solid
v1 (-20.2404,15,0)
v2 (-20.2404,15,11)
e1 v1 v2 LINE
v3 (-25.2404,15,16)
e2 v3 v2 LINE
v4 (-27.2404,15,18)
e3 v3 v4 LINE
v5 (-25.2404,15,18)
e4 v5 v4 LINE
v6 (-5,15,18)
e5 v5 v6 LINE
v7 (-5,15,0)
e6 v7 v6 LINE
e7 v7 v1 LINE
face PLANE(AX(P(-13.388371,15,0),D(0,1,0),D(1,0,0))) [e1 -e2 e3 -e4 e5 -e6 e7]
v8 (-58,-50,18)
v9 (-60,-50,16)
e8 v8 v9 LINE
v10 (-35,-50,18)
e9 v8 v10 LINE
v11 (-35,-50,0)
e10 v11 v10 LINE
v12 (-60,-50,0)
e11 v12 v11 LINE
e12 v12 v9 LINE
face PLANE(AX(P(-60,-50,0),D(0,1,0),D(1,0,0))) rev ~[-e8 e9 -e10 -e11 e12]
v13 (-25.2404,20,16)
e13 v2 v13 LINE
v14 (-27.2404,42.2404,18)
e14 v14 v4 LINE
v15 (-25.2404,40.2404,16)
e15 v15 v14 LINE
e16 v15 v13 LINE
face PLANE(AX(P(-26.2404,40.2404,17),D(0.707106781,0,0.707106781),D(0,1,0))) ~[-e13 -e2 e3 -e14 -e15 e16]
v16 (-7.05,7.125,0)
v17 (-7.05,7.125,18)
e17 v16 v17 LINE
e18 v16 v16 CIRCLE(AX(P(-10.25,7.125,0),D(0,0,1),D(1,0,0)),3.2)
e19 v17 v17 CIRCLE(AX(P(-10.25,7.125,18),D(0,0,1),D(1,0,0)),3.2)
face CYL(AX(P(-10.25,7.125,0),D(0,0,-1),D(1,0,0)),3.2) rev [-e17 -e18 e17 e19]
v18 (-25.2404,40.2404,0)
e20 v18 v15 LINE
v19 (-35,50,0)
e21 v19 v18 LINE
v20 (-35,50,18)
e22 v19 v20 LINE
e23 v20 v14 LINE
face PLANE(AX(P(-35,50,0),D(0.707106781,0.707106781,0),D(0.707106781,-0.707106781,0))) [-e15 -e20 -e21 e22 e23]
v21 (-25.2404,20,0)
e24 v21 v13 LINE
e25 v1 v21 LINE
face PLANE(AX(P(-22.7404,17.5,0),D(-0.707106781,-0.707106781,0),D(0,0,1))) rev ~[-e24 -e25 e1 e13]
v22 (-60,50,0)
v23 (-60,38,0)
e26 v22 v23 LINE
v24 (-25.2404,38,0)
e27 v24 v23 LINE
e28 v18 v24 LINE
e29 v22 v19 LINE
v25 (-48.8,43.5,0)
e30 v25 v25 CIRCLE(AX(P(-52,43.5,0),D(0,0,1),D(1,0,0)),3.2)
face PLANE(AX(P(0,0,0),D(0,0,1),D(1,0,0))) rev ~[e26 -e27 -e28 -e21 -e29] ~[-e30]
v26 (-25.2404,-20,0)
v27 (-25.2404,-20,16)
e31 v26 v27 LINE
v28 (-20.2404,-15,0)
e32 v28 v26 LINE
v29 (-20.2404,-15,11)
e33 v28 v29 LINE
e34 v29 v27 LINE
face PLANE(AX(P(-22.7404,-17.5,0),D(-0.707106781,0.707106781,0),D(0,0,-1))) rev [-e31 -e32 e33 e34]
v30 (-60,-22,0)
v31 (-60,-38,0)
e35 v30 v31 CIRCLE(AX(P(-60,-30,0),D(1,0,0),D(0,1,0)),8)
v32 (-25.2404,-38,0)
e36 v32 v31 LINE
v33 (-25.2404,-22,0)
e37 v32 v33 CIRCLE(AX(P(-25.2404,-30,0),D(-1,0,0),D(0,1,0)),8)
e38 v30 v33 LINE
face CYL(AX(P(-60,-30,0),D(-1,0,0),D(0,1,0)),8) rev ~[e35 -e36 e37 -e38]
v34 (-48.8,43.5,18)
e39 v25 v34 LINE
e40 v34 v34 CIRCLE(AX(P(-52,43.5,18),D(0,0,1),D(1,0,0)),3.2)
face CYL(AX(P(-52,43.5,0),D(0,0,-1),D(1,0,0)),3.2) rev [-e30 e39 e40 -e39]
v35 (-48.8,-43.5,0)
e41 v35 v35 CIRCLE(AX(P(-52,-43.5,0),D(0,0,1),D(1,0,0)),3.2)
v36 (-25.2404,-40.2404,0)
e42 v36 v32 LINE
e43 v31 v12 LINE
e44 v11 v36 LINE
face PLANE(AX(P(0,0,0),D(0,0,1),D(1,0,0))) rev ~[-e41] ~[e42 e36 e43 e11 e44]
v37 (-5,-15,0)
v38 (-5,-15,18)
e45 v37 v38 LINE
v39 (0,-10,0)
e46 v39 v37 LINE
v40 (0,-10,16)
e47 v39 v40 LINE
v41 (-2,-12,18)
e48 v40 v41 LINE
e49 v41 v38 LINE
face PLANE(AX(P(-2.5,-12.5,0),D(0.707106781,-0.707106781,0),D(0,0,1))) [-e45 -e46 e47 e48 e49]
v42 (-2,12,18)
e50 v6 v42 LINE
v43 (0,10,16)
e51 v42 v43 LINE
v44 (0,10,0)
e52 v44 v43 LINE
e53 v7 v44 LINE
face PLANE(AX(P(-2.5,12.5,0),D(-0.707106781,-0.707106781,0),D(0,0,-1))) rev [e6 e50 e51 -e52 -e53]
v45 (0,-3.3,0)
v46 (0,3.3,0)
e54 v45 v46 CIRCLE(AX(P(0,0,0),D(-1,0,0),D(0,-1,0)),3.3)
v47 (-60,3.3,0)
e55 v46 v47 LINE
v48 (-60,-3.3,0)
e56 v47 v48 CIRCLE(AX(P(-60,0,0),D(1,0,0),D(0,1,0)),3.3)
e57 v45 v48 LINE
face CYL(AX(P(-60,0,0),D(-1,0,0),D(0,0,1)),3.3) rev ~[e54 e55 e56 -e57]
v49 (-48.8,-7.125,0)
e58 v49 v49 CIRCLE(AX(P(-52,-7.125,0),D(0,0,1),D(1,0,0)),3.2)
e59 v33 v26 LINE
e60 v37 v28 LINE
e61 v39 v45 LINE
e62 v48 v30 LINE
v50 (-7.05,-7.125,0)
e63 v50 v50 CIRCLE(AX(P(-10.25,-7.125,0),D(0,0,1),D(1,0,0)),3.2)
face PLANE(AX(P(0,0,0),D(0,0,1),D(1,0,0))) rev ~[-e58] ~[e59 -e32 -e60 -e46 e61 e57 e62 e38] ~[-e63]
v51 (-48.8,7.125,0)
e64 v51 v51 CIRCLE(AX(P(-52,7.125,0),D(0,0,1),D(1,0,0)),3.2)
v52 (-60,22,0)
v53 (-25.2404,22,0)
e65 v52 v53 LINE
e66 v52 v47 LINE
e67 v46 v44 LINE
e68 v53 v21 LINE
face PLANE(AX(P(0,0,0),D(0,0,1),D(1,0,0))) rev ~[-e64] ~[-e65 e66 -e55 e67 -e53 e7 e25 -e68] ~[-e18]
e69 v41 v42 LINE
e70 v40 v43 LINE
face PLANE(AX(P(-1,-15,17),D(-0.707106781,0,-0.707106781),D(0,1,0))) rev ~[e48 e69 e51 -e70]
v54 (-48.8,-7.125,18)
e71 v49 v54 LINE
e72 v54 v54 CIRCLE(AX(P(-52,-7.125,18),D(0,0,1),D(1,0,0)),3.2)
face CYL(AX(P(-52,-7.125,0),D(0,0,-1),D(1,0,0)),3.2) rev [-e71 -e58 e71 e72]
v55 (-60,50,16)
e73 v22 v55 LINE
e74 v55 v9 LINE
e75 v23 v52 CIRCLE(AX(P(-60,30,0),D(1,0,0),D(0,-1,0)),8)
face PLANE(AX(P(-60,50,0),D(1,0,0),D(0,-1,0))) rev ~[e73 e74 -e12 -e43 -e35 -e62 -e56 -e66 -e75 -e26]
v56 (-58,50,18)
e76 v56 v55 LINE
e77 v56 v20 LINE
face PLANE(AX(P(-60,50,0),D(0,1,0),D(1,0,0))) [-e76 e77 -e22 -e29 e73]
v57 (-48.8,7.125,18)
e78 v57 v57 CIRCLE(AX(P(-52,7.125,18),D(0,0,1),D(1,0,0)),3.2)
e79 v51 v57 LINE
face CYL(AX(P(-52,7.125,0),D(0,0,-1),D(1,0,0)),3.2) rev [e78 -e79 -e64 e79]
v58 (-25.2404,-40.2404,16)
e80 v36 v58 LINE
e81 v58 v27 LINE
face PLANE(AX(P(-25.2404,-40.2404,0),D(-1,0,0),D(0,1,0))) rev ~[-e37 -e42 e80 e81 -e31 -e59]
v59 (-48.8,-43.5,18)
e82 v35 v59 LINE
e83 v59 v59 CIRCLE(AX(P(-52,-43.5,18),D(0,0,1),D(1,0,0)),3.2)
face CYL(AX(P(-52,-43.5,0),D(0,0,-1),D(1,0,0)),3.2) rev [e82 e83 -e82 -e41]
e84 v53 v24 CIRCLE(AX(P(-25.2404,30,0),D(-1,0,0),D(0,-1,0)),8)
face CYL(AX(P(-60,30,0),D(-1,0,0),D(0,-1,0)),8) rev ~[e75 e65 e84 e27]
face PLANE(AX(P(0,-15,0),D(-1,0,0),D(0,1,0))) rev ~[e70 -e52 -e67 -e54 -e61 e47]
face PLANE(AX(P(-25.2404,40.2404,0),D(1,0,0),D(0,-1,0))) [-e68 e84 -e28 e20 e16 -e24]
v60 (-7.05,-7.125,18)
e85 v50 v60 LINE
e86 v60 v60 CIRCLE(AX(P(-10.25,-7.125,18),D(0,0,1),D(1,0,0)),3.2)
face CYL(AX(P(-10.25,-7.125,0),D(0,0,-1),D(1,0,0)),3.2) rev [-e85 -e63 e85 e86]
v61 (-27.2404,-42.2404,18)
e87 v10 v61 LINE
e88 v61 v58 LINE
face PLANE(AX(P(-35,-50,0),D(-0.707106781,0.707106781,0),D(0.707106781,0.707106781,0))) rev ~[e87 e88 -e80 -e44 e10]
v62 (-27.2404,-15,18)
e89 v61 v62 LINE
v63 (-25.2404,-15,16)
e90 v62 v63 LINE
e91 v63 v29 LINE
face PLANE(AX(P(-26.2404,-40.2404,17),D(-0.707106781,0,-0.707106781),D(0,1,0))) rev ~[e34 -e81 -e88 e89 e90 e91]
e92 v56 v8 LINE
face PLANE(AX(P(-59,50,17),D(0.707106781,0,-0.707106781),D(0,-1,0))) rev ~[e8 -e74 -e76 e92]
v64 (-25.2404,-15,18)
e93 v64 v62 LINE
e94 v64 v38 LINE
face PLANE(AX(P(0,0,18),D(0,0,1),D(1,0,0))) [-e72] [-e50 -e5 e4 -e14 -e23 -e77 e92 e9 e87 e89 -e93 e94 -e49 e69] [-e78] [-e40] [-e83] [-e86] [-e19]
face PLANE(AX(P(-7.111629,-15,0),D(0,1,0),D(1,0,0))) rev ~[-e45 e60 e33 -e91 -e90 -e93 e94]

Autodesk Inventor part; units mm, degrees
ref_plane "YZ Plane" through (0, 0, 0) normal (1, 0, 0) x (0, 1, 0)
ref_plane "XZ Plane" through (0, 0, 0) normal (0, 1, 0) x (-1, 0, 0)
ref_plane "XY Plane" through (0, 0, 0) normal (0, 0, 1) x (1, 0, 0)
sketch "Sketch1" plane through (0, 0, 0) normal (0, 0, 1) x (1, 0, 0)
  line L0 (-58, -50) -> (-58, 50) construction
  line L1 (-58, -50) -> (58, -50) construction
  line L2 (58, 50) -> (58, -50) construction
  line L3 (58, 50) -> (-58, 50) construction
  line L4 (-48.8, -35) -> (-48.8, -43.5) construction
  arc A0 (-55.2, -43.5) -> (-48.8, -43.5) centre (-52, -43.5) ccw construction
  line L5 (-55.2, -43.5) -> (-55.2, -35) construction
  arc A1 (-48.8, -35) -> (-55.2, -35) centre (-52, -35) ccw construction
  line L6 (55.2, -35) -> (55.2, -43.5) construction
  arc A2 (48.8, -43.5) -> (55.2, -43.5) centre (52, -43.5) ccw construction
  line L7 (48.8, -43.5) -> (48.8, -35) construction
  arc A3 (55.2, -35) -> (48.8, -35) centre (52, -35) ccw construction
  circle A4 centre (10.25, -35) radius 3.2 construction
  circle A5 centre (-10.25, -35) radius 3.2 construction
  circle A6 centre (-10.25, 35) radius 3.2 construction
  circle A7 centre (10.25, 35) radius 3.2 construction
  line L8 (-55.2, 35) -> (-55.2, 43.5) construction
  arc A8 (-48.8, 43.5) -> (-55.2, 43.5) centre (-52, 43.5) ccw construction
  line L9 (-48.8, 43.5) -> (-48.8, 35) construction
  arc A9 (-55.2, 35) -> (-48.8, 35) centre (-52, 35) ccw construction
  circle A10 centre (-52, 7.125) radius 3.2 construction
  line L10 (-7.05, -7.125) -> (-7.05, -15.625) construction
  arc A11 (-13.45, -15.625) -> (-7.05, -15.625) centre (-10.25, -15.625) ccw construction
  line L11 (-13.45, -15.625) -> (-13.45, -7.125) construction
  arc A12 (-7.05, -7.125) -> (-13.45, -7.125) centre (-10.25, -7.125) ccw construction
  circle A13 centre (52, -7.125) radius 3.2 construction
  circle A14 centre (-52, -7.125) radius 3.2 construction
  line L12 (13.45, -7.125) -> (13.45, -15.625) construction
  arc A15 (7.05, -15.625) -> (13.45, -15.625) centre (10.25, -15.625) ccw construction
  line L13 (7.05, -15.625) -> (7.05, -7.125) construction
  arc A16 (13.45, -7.125) -> (7.05, -7.125) centre (10.25, -7.125) ccw construction
  circle A17 centre (52, 7.125) radius 3.2 construction
  line L14 (13.45, 15.625) -> (13.45, 7.125) construction
  arc A18 (7.05, 7.125) -> (13.45, 7.125) centre (10.25, 7.125) ccw construction
  line L15 (7.05, 7.125) -> (7.05, 15.625) construction
  arc A19 (13.45, 15.625) -> (7.05, 15.625) centre (10.25, 15.625) ccw construction
  line L16 (55.2, 43.5) -> (55.2, 35) construction
  arc A20 (48.8, 35) -> (55.2, 35) centre (52, 35) ccw construction
  line L17 (48.8, 35) -> (48.8, 43.5) construction
  arc A21 (55.2, 43.5) -> (48.8, 43.5) centre (52, 43.5) ccw construction
  line L18 (-7.05, 15.625) -> (-7.05, 7.125) construction
  arc A22 (-13.45, 7.125) -> (-7.05, 7.125) centre (-10.25, 7.125) ccw construction
  line L19 (-13.45, 7.125) -> (-13.45, 15.625) construction
  arc A23 (-7.05, 15.625) -> (-13.45, 15.625) centre (-10.25, 15.625) ccw construction
  line L20 (60, 50) -> (58, 50) construction
  line L21 (58, 50) -> (58, -50) construction
  line L22 (58, -50) -> (60, -50) construction
  line L23 (60, -50) -> (60, 50) construction
  line L24 (-60, -50) -> (-58, -50) construction
  line L25 (-58, -50) -> (-58, 50) construction
  line L26 (-58, 50) -> (-60, 50) construction
  line L27 (-60, 50) -> (-60, -50) construction
  circle A24 centre (-52, 43.5) radius 3.2
  circle A25 centre (-10.25, 15.625) radius 3.2
  circle A26 centre (52, 43.5) radius 3.2
  circle A27 centre (-52, -43.5) radius 3.2
  circle A28 centre (-52, 7.125) radius 3.2
  circle A29 centre (-52, -7.125) radius 3.2
  circle A30 centre (-10.25, -15.625) radius 3.2
  circle A31 centre (-10.25, -35) radius 3.2
  circle A32 centre (-10.25, 35) radius 3.2
  line L28 (-60, 50) -> (-60, -50)
  line L29 (-60, -50) -> (-35, -50)
  line L30 (0, -15) -> (0, 15)
  line L31 (-60, 50) -> (-35, 50)
  circle A33 centre (-10.25, 7.125) radius 3.2
  circle A34 centre (-10.25, -7.125) radius 3.2
  line L32 (-35, 50) -> (-25.2404, 40.2404)
  line L33 (-25.2404, 40.2404) -> (-25.2404, 15)
  line L34 (-35, -50) -> (-25.2404, -40.2404)
  line L35 (-25.2404, -40.2404) -> (-25.2404, -15)
  line L36 (-25.2404, -15) -> (0, -15)
  line L37 (-25.2404, 15) -> (0, 15)
  point P0 (0, 0)
  point P1 (0, 0)
  dimension "d13" = 35
  dimension "d19" = 135
  dimension "d20" = 135
  dimension "d21" = 30
extrude "Extrusion1" add sketch "Sketch1" along normal blind 18 contours L37 A25 | A25 L37 L30 L36 A30 L35 L34 L29 L28 L31 L32 L33 | L36 A30 picked at (-10.8738, 14.3431) picked at (-10.6405, -14.2157)
sketch "Sketch4" plane through (-60, -50, 0) normal (-1, 0, 0) x (0, 0, 1)
  line L0 (16, 100) -> (16, 0) projected
  line L1 (16, 100) -> (0, 100) projected
  line L2 (0, 88) -> (0, 100) projected
  arc A0 (0, 72) -> (0, 88) centre (0, 80) ccw projected
  line L3 (0, 62.5) -> (0, 72) projected
  arc A1 (0, 37.5) -> (0, 62.5) centre (0, 50) ccw projected
  line L4 (0, 28) -> (0, 37.5) projected
  arc A2 (0, 12) -> (0, 28) centre (0, 20) ccw projected
  line L5 (0, 0) -> (0, 12) projected
  line L6 (16, 0) -> (0, 0) projected
  line L7 (-16, 0) -> (-16, 100) projected
  line L8 (-16, 0) -> (0, 0) projected
  line L9 (0, 12) -> (0, 0) projected
  arc A3 (0, 28) -> (0, 12) centre (0, 20) ccw projected
  line L10 (0, 37.5) -> (0, 28) projected
  arc A4 (0, 62.5) -> (0, 37.5) centre (0, 50) ccw projected
  line L11 (0, 72) -> (0, 62.5) projected
  arc A5 (0, 88) -> (0, 72) centre (0, 80) ccw projected
  line L12 (0, 100) -> (0, 88) projected
  line L13 (-16, 100) -> (0, 100) projected
  circle A6 centre (0, 50) radius 3.3 projected
  point P0 (0, 50)
extrude "Extrusion4" cut sketch "Sketch4" against normal through all contours A0 A5 | A3 A2 | A6
chamfer "Chamfer3" distance 2 angle 45 4 edges at (-60, 0, 18) (0, 0, 18) (-25.2404, -27.6202, 18) (-25.2404, 27.6202, 18)
chamfer "Chamfer4" distance 5 angle 45 4 edges at (-25.2404, 15, 8) (-25.2404, -15, 8) (0, -15, 8) (0, 15, 8)
properties part number "AX_XY" material "PC/ABS Plastic"
